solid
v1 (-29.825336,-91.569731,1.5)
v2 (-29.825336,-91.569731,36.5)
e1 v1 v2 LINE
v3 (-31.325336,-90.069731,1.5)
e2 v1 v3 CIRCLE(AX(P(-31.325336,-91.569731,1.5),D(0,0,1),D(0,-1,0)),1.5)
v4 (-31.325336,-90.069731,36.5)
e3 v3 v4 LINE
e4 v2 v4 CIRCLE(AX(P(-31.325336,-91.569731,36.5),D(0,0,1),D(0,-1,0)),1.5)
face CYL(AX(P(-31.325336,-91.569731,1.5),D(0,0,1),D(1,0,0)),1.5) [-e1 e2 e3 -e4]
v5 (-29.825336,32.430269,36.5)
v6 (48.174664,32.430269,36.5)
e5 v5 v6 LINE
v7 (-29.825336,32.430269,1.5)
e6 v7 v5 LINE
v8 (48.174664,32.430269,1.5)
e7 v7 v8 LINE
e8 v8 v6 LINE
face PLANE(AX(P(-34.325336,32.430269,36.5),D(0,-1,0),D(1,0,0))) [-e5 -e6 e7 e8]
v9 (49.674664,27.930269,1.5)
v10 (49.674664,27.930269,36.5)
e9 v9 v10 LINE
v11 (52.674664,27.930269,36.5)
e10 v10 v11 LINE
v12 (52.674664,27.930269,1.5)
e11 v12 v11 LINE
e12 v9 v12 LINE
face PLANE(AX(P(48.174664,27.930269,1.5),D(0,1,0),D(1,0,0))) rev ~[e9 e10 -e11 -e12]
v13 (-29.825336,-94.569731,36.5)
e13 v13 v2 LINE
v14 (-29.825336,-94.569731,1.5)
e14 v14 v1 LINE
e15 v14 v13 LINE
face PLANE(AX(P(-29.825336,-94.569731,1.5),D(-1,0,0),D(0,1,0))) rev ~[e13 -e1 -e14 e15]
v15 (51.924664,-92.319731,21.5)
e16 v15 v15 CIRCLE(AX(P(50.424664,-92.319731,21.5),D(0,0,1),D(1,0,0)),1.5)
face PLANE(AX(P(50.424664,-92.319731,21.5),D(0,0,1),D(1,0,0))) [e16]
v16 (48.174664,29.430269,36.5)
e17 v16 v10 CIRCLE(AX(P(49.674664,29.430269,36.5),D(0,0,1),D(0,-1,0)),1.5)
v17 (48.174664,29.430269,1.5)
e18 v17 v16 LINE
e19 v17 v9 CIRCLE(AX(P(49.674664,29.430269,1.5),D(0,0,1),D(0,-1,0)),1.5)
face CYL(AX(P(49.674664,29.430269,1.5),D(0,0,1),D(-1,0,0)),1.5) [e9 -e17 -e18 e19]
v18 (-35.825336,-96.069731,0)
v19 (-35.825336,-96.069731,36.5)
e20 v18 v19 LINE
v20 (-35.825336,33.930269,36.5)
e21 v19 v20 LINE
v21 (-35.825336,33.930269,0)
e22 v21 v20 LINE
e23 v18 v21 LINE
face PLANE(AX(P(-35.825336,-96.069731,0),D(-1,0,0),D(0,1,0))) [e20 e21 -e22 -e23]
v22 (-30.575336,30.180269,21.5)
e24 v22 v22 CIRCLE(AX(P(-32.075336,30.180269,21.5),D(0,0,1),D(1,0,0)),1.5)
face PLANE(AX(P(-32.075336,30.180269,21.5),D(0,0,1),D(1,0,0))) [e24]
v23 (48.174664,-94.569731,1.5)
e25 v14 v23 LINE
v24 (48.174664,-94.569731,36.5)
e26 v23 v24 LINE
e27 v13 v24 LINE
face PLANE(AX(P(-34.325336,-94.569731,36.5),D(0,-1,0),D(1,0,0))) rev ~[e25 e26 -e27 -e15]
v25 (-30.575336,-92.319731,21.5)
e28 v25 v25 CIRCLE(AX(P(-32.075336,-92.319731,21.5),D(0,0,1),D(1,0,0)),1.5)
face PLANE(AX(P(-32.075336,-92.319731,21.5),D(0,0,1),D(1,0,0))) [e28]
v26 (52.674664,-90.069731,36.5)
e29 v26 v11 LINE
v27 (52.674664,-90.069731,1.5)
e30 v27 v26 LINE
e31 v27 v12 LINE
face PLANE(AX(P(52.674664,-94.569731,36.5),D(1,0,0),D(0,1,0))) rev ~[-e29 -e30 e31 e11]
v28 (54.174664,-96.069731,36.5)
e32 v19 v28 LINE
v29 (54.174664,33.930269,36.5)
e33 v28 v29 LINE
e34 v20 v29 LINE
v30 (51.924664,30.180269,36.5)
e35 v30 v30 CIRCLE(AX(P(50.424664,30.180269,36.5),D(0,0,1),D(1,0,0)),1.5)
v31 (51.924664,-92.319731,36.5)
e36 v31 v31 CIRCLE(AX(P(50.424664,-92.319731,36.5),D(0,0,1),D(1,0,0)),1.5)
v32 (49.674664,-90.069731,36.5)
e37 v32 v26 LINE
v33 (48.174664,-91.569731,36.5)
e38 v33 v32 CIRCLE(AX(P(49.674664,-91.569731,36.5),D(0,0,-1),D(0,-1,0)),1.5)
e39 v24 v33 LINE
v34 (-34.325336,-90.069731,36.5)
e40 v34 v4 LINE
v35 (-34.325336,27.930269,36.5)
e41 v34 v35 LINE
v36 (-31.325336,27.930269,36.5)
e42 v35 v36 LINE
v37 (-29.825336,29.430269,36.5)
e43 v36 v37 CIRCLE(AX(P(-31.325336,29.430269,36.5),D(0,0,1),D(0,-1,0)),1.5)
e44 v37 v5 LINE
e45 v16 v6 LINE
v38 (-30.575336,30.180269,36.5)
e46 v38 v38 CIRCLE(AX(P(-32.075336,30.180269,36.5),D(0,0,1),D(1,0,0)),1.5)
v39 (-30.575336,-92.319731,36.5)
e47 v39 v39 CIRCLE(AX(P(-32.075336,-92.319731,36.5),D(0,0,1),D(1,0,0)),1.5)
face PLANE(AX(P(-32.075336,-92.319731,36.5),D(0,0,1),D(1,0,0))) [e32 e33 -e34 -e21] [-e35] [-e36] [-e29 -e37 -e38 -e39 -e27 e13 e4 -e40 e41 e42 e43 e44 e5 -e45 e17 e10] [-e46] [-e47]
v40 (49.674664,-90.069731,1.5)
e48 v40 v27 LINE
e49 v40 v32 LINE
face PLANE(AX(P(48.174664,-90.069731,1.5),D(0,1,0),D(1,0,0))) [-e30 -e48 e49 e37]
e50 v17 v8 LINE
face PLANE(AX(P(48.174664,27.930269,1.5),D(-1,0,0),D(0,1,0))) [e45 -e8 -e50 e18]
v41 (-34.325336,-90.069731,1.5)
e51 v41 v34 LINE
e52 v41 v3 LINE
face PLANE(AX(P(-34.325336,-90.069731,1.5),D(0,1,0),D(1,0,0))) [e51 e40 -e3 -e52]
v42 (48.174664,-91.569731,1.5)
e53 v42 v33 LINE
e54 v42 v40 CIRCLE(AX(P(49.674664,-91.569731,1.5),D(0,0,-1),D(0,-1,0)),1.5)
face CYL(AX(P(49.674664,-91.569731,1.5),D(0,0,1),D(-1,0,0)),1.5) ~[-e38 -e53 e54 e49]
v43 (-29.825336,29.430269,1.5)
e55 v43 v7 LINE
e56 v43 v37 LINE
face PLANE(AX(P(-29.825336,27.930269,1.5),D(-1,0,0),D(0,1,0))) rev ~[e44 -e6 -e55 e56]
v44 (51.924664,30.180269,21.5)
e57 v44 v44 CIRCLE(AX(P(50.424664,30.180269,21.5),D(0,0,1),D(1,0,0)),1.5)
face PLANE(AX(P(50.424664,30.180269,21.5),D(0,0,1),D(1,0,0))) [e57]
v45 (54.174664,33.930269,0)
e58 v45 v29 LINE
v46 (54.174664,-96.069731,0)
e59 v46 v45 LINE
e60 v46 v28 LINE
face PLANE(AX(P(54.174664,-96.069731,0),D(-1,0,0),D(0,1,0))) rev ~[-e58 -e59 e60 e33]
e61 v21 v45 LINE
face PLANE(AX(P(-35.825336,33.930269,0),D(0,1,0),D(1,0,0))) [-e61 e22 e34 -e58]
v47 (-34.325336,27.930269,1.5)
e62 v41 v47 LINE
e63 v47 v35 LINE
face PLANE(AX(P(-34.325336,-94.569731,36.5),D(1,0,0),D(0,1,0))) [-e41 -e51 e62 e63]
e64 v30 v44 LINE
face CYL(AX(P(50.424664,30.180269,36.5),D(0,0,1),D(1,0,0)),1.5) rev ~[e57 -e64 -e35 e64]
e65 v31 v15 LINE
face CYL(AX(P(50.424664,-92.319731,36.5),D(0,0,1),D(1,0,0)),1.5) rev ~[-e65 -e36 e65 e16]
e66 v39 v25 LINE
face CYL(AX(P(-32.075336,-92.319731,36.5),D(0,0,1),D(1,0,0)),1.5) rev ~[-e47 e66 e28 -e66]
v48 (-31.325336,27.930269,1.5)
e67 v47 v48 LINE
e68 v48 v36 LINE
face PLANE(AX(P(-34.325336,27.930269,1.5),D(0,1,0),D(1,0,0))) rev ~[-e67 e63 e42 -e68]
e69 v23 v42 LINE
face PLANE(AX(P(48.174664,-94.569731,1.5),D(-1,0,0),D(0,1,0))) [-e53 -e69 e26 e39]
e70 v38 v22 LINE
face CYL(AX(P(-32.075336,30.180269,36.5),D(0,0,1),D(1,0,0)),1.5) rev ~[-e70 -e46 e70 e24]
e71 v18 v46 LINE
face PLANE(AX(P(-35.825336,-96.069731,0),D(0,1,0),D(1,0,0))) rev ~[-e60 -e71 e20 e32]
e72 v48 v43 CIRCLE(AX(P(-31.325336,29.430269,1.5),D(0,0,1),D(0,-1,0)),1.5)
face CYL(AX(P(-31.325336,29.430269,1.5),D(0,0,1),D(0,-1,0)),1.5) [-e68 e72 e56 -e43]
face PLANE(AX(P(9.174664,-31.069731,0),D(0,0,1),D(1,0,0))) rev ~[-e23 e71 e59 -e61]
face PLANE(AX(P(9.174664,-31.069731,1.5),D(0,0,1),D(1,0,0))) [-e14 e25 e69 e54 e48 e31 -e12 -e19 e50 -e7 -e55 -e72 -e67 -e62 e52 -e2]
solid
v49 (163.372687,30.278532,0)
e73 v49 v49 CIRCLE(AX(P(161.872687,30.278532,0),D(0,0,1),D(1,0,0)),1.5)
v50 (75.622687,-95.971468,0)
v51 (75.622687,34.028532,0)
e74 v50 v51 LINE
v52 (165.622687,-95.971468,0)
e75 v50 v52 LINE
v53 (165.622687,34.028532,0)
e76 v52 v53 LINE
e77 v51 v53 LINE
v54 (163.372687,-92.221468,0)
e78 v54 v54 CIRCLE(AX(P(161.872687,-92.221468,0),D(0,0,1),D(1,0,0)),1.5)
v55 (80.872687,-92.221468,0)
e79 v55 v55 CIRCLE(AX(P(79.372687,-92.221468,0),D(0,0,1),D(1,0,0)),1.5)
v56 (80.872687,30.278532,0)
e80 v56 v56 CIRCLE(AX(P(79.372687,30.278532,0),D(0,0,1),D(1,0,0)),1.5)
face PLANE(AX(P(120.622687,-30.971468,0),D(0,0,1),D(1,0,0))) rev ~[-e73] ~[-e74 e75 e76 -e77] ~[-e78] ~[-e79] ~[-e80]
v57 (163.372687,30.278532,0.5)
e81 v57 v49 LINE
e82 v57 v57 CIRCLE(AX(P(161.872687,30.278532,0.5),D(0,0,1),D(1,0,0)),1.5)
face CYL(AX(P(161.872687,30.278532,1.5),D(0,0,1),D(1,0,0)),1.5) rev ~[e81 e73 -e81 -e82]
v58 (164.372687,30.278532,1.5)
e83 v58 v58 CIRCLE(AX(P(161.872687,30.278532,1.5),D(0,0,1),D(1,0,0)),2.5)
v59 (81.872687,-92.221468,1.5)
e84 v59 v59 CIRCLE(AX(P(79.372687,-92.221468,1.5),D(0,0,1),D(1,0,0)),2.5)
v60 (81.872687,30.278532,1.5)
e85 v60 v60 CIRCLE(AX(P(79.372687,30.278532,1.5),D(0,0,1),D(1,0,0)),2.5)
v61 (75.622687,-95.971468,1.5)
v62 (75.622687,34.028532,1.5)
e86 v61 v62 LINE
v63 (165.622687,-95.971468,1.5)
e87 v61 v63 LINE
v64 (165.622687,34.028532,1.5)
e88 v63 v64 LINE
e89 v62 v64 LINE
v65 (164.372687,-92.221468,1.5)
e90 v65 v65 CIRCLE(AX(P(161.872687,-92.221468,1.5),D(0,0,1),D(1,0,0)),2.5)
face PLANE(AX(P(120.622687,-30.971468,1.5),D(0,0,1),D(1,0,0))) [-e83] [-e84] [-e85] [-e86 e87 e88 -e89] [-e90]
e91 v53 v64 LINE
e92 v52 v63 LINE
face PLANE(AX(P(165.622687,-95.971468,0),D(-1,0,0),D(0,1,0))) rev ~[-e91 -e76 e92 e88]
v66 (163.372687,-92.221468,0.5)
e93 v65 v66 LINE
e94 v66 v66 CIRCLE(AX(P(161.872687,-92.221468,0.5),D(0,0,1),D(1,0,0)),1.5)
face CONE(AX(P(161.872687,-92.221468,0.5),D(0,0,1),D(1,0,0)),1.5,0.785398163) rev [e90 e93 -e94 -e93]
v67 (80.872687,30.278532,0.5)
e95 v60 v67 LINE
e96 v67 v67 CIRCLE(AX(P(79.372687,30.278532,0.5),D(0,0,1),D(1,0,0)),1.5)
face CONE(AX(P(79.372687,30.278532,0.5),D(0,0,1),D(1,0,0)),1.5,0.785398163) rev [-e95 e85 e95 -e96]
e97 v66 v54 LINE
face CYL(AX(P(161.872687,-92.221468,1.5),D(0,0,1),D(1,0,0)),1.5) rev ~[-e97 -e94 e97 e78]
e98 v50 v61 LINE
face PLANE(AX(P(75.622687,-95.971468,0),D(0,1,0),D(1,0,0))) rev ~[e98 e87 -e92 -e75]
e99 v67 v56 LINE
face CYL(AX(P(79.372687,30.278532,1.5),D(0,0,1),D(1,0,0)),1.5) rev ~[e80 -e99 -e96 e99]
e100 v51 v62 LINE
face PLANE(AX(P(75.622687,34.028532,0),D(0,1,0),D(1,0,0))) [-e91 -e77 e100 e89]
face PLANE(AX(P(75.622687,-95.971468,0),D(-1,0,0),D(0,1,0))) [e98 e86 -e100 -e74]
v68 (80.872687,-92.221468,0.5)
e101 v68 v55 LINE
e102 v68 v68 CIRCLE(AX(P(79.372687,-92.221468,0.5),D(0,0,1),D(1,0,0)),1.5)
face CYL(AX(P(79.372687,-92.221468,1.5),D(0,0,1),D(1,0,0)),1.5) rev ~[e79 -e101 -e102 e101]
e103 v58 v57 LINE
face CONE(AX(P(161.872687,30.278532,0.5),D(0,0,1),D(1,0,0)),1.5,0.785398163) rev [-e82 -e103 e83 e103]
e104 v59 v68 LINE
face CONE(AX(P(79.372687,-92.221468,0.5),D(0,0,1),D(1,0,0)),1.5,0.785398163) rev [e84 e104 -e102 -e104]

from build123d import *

# Parameters (mm, degrees)
SKETCH_W        = 90
SKETCH_H        = 130
PAD_DEPTH       = 36.5
SKETCH001_W     = 87
SKETCH001_H     = 127
POCKET_DEPTH    = 35
SKETCH002_W     = 4.5
SKETCH002_H     = 4.5
PAD001_DEPTH    = 35
SKETCH003_R     = 1.5
POCKET001_DEPTH = 15
FILLET_R        = 1.5
FILLET001_R     = 1.5
FILLET002_R     = 1.5
FILLET003_R     = 1.5
SKETCH004_W     = 90
SKETCH004_H     = 130
PAD002_DEPTH    = 1.5
SKETCH005_R     = 1.5
POCKET002_DEPTH = 1.5
CHAMFER_SIZE    = 1
CHAMFER001_SIZE = 1
CHAMFER002_SIZE = 1
CHAMFER003_SIZE = 1


with BuildPart() as box:
    # Sketch → Pad (new body)
    with BuildSketch(Plane.XY):
        with Locations((9.174664, -31.069731)):
            Rectangle(SKETCH_W, SKETCH_H)
    extrude(amount=PAD_DEPTH)

    # Sketch001 (on Face6 of Pad) → Pocket (cut)
    with BuildSketch(Plane.XY.offset(36.5)):
        with Locations((9.174664, -31.069731)):
            Rectangle(SKETCH001_W, SKETCH001_H)
    extrude(amount=-POCKET_DEPTH, mode=Mode.SUBTRACT)

    # Sketch002 (on Face11 of Pocket) → Pad001 (join)
    with BuildSketch(Plane.XY.offset(1.5)):
        with Locations((-32.075336, -92.319731)):
            Rectangle(SKETCH002_W, SKETCH002_H)
        with Locations((50.424664, -92.319731)):
            Rectangle(SKETCH002_W, SKETCH002_H)
        with Locations((50.424664, 30.180269)):
            Rectangle(SKETCH002_W, SKETCH002_H)
        with Locations((-32.075336, 30.180269)):
            Rectangle(SKETCH002_W, SKETCH002_H)
    extrude(amount=PAD001_DEPTH)

    # Sketch003 (on Face9 of Pad001) → Pocket001 (cut)
    with BuildSketch(Plane.XY.offset(36.5)):
        with Locations((50.424664, 30.180269)):
            Circle(SKETCH003_R)
        with Locations((-32.075336, 30.180269)):
            Circle(SKETCH003_R)
        with Locations((-32.075336, -92.319731)):
            Circle(SKETCH003_R)
        with Locations((50.424664, -92.319731)):
            Circle(SKETCH003_R)
    extrude(amount=-POCKET001_DEPTH, mode=Mode.SUBTRACT)

    # Fillet
    fillet_edges = [box.edges().sort_by_distance(p)[0] for p in [
        (-29.825336, -90.069731, 19),
    ]]
    fillet(fillet_edges, radius=FILLET_R)

    # Fillet001
    fillet001_edges = [box.edges().sort_by_distance(p)[0] for p in [
        (48.174664, -90.069731, 19),
    ]]
    fillet(fillet001_edges, radius=FILLET001_R)

    # Fillet002
    fillet002_edges = [box.edges().sort_by_distance(p)[0] for p in [
        (-29.825336, 27.930269, 19),
    ]]
    fillet(fillet002_edges, radius=FILLET002_R)

    # Fillet003
    fillet003_edges = [box.edges().sort_by_distance(p)[0] for p in [
        (48.174664, 27.930269, 19),
    ]]
    fillet(fillet003_edges, radius=FILLET003_R)


with BuildPart() as lid:
    # Sketch004 → Pad002 (new body)
    with BuildSketch(Plane.XY):
        with Locations((120.622687, -30.971468)):
            Rectangle(SKETCH004_W, SKETCH004_H)
    extrude(amount=PAD002_DEPTH)

    # Sketch005 (on Face6 of Pad002) → Pocket002 (cut)
    with BuildSketch(Plane.XY.offset(1.5)):
        with Locations((79.372687, 30.278532)):
            Circle(SKETCH005_R)
        with Locations((79.372687, -92.221468)):
            Circle(SKETCH005_R)
        with Locations((161.872687, -92.221468)):
            Circle(SKETCH005_R)
        with Locations((161.872687, 30.278532)):
            Circle(SKETCH005_R)
    extrude(amount=-POCKET002_DEPTH, mode=Mode.SUBTRACT)

    # Chamfer
    chamfer_edges = [lid.edges().sort_by_distance(p)[0] for p in [
        (77.872687, -92.221468, 1.5),
    ]]
    chamfer(chamfer_edges, length=CHAMFER_SIZE)

    # Chamfer001
    chamfer001_edges = [lid.edges().sort_by_distance(p)[0] for p in [
        (160.372687, -92.221468, 1.5),
    ]]
    chamfer(chamfer001_edges, length=CHAMFER001_SIZE)

    # Chamfer002
    chamfer002_edges = [lid.edges().sort_by_distance(p)[0] for p in [
        (160.372687, 30.278532, 1.5),
    ]]
    chamfer(chamfer002_edges, length=CHAMFER002_SIZE)

    # Chamfer003
    chamfer003_edges = [lid.edges().sort_by_distance(p)[0] for p in [
        (77.872687, 30.278532, 1.5),
    ]]
    chamfer(chamfer003_edges, length=CHAMFER003_SIZE)


solid = Compound([box.part, lid.part])
